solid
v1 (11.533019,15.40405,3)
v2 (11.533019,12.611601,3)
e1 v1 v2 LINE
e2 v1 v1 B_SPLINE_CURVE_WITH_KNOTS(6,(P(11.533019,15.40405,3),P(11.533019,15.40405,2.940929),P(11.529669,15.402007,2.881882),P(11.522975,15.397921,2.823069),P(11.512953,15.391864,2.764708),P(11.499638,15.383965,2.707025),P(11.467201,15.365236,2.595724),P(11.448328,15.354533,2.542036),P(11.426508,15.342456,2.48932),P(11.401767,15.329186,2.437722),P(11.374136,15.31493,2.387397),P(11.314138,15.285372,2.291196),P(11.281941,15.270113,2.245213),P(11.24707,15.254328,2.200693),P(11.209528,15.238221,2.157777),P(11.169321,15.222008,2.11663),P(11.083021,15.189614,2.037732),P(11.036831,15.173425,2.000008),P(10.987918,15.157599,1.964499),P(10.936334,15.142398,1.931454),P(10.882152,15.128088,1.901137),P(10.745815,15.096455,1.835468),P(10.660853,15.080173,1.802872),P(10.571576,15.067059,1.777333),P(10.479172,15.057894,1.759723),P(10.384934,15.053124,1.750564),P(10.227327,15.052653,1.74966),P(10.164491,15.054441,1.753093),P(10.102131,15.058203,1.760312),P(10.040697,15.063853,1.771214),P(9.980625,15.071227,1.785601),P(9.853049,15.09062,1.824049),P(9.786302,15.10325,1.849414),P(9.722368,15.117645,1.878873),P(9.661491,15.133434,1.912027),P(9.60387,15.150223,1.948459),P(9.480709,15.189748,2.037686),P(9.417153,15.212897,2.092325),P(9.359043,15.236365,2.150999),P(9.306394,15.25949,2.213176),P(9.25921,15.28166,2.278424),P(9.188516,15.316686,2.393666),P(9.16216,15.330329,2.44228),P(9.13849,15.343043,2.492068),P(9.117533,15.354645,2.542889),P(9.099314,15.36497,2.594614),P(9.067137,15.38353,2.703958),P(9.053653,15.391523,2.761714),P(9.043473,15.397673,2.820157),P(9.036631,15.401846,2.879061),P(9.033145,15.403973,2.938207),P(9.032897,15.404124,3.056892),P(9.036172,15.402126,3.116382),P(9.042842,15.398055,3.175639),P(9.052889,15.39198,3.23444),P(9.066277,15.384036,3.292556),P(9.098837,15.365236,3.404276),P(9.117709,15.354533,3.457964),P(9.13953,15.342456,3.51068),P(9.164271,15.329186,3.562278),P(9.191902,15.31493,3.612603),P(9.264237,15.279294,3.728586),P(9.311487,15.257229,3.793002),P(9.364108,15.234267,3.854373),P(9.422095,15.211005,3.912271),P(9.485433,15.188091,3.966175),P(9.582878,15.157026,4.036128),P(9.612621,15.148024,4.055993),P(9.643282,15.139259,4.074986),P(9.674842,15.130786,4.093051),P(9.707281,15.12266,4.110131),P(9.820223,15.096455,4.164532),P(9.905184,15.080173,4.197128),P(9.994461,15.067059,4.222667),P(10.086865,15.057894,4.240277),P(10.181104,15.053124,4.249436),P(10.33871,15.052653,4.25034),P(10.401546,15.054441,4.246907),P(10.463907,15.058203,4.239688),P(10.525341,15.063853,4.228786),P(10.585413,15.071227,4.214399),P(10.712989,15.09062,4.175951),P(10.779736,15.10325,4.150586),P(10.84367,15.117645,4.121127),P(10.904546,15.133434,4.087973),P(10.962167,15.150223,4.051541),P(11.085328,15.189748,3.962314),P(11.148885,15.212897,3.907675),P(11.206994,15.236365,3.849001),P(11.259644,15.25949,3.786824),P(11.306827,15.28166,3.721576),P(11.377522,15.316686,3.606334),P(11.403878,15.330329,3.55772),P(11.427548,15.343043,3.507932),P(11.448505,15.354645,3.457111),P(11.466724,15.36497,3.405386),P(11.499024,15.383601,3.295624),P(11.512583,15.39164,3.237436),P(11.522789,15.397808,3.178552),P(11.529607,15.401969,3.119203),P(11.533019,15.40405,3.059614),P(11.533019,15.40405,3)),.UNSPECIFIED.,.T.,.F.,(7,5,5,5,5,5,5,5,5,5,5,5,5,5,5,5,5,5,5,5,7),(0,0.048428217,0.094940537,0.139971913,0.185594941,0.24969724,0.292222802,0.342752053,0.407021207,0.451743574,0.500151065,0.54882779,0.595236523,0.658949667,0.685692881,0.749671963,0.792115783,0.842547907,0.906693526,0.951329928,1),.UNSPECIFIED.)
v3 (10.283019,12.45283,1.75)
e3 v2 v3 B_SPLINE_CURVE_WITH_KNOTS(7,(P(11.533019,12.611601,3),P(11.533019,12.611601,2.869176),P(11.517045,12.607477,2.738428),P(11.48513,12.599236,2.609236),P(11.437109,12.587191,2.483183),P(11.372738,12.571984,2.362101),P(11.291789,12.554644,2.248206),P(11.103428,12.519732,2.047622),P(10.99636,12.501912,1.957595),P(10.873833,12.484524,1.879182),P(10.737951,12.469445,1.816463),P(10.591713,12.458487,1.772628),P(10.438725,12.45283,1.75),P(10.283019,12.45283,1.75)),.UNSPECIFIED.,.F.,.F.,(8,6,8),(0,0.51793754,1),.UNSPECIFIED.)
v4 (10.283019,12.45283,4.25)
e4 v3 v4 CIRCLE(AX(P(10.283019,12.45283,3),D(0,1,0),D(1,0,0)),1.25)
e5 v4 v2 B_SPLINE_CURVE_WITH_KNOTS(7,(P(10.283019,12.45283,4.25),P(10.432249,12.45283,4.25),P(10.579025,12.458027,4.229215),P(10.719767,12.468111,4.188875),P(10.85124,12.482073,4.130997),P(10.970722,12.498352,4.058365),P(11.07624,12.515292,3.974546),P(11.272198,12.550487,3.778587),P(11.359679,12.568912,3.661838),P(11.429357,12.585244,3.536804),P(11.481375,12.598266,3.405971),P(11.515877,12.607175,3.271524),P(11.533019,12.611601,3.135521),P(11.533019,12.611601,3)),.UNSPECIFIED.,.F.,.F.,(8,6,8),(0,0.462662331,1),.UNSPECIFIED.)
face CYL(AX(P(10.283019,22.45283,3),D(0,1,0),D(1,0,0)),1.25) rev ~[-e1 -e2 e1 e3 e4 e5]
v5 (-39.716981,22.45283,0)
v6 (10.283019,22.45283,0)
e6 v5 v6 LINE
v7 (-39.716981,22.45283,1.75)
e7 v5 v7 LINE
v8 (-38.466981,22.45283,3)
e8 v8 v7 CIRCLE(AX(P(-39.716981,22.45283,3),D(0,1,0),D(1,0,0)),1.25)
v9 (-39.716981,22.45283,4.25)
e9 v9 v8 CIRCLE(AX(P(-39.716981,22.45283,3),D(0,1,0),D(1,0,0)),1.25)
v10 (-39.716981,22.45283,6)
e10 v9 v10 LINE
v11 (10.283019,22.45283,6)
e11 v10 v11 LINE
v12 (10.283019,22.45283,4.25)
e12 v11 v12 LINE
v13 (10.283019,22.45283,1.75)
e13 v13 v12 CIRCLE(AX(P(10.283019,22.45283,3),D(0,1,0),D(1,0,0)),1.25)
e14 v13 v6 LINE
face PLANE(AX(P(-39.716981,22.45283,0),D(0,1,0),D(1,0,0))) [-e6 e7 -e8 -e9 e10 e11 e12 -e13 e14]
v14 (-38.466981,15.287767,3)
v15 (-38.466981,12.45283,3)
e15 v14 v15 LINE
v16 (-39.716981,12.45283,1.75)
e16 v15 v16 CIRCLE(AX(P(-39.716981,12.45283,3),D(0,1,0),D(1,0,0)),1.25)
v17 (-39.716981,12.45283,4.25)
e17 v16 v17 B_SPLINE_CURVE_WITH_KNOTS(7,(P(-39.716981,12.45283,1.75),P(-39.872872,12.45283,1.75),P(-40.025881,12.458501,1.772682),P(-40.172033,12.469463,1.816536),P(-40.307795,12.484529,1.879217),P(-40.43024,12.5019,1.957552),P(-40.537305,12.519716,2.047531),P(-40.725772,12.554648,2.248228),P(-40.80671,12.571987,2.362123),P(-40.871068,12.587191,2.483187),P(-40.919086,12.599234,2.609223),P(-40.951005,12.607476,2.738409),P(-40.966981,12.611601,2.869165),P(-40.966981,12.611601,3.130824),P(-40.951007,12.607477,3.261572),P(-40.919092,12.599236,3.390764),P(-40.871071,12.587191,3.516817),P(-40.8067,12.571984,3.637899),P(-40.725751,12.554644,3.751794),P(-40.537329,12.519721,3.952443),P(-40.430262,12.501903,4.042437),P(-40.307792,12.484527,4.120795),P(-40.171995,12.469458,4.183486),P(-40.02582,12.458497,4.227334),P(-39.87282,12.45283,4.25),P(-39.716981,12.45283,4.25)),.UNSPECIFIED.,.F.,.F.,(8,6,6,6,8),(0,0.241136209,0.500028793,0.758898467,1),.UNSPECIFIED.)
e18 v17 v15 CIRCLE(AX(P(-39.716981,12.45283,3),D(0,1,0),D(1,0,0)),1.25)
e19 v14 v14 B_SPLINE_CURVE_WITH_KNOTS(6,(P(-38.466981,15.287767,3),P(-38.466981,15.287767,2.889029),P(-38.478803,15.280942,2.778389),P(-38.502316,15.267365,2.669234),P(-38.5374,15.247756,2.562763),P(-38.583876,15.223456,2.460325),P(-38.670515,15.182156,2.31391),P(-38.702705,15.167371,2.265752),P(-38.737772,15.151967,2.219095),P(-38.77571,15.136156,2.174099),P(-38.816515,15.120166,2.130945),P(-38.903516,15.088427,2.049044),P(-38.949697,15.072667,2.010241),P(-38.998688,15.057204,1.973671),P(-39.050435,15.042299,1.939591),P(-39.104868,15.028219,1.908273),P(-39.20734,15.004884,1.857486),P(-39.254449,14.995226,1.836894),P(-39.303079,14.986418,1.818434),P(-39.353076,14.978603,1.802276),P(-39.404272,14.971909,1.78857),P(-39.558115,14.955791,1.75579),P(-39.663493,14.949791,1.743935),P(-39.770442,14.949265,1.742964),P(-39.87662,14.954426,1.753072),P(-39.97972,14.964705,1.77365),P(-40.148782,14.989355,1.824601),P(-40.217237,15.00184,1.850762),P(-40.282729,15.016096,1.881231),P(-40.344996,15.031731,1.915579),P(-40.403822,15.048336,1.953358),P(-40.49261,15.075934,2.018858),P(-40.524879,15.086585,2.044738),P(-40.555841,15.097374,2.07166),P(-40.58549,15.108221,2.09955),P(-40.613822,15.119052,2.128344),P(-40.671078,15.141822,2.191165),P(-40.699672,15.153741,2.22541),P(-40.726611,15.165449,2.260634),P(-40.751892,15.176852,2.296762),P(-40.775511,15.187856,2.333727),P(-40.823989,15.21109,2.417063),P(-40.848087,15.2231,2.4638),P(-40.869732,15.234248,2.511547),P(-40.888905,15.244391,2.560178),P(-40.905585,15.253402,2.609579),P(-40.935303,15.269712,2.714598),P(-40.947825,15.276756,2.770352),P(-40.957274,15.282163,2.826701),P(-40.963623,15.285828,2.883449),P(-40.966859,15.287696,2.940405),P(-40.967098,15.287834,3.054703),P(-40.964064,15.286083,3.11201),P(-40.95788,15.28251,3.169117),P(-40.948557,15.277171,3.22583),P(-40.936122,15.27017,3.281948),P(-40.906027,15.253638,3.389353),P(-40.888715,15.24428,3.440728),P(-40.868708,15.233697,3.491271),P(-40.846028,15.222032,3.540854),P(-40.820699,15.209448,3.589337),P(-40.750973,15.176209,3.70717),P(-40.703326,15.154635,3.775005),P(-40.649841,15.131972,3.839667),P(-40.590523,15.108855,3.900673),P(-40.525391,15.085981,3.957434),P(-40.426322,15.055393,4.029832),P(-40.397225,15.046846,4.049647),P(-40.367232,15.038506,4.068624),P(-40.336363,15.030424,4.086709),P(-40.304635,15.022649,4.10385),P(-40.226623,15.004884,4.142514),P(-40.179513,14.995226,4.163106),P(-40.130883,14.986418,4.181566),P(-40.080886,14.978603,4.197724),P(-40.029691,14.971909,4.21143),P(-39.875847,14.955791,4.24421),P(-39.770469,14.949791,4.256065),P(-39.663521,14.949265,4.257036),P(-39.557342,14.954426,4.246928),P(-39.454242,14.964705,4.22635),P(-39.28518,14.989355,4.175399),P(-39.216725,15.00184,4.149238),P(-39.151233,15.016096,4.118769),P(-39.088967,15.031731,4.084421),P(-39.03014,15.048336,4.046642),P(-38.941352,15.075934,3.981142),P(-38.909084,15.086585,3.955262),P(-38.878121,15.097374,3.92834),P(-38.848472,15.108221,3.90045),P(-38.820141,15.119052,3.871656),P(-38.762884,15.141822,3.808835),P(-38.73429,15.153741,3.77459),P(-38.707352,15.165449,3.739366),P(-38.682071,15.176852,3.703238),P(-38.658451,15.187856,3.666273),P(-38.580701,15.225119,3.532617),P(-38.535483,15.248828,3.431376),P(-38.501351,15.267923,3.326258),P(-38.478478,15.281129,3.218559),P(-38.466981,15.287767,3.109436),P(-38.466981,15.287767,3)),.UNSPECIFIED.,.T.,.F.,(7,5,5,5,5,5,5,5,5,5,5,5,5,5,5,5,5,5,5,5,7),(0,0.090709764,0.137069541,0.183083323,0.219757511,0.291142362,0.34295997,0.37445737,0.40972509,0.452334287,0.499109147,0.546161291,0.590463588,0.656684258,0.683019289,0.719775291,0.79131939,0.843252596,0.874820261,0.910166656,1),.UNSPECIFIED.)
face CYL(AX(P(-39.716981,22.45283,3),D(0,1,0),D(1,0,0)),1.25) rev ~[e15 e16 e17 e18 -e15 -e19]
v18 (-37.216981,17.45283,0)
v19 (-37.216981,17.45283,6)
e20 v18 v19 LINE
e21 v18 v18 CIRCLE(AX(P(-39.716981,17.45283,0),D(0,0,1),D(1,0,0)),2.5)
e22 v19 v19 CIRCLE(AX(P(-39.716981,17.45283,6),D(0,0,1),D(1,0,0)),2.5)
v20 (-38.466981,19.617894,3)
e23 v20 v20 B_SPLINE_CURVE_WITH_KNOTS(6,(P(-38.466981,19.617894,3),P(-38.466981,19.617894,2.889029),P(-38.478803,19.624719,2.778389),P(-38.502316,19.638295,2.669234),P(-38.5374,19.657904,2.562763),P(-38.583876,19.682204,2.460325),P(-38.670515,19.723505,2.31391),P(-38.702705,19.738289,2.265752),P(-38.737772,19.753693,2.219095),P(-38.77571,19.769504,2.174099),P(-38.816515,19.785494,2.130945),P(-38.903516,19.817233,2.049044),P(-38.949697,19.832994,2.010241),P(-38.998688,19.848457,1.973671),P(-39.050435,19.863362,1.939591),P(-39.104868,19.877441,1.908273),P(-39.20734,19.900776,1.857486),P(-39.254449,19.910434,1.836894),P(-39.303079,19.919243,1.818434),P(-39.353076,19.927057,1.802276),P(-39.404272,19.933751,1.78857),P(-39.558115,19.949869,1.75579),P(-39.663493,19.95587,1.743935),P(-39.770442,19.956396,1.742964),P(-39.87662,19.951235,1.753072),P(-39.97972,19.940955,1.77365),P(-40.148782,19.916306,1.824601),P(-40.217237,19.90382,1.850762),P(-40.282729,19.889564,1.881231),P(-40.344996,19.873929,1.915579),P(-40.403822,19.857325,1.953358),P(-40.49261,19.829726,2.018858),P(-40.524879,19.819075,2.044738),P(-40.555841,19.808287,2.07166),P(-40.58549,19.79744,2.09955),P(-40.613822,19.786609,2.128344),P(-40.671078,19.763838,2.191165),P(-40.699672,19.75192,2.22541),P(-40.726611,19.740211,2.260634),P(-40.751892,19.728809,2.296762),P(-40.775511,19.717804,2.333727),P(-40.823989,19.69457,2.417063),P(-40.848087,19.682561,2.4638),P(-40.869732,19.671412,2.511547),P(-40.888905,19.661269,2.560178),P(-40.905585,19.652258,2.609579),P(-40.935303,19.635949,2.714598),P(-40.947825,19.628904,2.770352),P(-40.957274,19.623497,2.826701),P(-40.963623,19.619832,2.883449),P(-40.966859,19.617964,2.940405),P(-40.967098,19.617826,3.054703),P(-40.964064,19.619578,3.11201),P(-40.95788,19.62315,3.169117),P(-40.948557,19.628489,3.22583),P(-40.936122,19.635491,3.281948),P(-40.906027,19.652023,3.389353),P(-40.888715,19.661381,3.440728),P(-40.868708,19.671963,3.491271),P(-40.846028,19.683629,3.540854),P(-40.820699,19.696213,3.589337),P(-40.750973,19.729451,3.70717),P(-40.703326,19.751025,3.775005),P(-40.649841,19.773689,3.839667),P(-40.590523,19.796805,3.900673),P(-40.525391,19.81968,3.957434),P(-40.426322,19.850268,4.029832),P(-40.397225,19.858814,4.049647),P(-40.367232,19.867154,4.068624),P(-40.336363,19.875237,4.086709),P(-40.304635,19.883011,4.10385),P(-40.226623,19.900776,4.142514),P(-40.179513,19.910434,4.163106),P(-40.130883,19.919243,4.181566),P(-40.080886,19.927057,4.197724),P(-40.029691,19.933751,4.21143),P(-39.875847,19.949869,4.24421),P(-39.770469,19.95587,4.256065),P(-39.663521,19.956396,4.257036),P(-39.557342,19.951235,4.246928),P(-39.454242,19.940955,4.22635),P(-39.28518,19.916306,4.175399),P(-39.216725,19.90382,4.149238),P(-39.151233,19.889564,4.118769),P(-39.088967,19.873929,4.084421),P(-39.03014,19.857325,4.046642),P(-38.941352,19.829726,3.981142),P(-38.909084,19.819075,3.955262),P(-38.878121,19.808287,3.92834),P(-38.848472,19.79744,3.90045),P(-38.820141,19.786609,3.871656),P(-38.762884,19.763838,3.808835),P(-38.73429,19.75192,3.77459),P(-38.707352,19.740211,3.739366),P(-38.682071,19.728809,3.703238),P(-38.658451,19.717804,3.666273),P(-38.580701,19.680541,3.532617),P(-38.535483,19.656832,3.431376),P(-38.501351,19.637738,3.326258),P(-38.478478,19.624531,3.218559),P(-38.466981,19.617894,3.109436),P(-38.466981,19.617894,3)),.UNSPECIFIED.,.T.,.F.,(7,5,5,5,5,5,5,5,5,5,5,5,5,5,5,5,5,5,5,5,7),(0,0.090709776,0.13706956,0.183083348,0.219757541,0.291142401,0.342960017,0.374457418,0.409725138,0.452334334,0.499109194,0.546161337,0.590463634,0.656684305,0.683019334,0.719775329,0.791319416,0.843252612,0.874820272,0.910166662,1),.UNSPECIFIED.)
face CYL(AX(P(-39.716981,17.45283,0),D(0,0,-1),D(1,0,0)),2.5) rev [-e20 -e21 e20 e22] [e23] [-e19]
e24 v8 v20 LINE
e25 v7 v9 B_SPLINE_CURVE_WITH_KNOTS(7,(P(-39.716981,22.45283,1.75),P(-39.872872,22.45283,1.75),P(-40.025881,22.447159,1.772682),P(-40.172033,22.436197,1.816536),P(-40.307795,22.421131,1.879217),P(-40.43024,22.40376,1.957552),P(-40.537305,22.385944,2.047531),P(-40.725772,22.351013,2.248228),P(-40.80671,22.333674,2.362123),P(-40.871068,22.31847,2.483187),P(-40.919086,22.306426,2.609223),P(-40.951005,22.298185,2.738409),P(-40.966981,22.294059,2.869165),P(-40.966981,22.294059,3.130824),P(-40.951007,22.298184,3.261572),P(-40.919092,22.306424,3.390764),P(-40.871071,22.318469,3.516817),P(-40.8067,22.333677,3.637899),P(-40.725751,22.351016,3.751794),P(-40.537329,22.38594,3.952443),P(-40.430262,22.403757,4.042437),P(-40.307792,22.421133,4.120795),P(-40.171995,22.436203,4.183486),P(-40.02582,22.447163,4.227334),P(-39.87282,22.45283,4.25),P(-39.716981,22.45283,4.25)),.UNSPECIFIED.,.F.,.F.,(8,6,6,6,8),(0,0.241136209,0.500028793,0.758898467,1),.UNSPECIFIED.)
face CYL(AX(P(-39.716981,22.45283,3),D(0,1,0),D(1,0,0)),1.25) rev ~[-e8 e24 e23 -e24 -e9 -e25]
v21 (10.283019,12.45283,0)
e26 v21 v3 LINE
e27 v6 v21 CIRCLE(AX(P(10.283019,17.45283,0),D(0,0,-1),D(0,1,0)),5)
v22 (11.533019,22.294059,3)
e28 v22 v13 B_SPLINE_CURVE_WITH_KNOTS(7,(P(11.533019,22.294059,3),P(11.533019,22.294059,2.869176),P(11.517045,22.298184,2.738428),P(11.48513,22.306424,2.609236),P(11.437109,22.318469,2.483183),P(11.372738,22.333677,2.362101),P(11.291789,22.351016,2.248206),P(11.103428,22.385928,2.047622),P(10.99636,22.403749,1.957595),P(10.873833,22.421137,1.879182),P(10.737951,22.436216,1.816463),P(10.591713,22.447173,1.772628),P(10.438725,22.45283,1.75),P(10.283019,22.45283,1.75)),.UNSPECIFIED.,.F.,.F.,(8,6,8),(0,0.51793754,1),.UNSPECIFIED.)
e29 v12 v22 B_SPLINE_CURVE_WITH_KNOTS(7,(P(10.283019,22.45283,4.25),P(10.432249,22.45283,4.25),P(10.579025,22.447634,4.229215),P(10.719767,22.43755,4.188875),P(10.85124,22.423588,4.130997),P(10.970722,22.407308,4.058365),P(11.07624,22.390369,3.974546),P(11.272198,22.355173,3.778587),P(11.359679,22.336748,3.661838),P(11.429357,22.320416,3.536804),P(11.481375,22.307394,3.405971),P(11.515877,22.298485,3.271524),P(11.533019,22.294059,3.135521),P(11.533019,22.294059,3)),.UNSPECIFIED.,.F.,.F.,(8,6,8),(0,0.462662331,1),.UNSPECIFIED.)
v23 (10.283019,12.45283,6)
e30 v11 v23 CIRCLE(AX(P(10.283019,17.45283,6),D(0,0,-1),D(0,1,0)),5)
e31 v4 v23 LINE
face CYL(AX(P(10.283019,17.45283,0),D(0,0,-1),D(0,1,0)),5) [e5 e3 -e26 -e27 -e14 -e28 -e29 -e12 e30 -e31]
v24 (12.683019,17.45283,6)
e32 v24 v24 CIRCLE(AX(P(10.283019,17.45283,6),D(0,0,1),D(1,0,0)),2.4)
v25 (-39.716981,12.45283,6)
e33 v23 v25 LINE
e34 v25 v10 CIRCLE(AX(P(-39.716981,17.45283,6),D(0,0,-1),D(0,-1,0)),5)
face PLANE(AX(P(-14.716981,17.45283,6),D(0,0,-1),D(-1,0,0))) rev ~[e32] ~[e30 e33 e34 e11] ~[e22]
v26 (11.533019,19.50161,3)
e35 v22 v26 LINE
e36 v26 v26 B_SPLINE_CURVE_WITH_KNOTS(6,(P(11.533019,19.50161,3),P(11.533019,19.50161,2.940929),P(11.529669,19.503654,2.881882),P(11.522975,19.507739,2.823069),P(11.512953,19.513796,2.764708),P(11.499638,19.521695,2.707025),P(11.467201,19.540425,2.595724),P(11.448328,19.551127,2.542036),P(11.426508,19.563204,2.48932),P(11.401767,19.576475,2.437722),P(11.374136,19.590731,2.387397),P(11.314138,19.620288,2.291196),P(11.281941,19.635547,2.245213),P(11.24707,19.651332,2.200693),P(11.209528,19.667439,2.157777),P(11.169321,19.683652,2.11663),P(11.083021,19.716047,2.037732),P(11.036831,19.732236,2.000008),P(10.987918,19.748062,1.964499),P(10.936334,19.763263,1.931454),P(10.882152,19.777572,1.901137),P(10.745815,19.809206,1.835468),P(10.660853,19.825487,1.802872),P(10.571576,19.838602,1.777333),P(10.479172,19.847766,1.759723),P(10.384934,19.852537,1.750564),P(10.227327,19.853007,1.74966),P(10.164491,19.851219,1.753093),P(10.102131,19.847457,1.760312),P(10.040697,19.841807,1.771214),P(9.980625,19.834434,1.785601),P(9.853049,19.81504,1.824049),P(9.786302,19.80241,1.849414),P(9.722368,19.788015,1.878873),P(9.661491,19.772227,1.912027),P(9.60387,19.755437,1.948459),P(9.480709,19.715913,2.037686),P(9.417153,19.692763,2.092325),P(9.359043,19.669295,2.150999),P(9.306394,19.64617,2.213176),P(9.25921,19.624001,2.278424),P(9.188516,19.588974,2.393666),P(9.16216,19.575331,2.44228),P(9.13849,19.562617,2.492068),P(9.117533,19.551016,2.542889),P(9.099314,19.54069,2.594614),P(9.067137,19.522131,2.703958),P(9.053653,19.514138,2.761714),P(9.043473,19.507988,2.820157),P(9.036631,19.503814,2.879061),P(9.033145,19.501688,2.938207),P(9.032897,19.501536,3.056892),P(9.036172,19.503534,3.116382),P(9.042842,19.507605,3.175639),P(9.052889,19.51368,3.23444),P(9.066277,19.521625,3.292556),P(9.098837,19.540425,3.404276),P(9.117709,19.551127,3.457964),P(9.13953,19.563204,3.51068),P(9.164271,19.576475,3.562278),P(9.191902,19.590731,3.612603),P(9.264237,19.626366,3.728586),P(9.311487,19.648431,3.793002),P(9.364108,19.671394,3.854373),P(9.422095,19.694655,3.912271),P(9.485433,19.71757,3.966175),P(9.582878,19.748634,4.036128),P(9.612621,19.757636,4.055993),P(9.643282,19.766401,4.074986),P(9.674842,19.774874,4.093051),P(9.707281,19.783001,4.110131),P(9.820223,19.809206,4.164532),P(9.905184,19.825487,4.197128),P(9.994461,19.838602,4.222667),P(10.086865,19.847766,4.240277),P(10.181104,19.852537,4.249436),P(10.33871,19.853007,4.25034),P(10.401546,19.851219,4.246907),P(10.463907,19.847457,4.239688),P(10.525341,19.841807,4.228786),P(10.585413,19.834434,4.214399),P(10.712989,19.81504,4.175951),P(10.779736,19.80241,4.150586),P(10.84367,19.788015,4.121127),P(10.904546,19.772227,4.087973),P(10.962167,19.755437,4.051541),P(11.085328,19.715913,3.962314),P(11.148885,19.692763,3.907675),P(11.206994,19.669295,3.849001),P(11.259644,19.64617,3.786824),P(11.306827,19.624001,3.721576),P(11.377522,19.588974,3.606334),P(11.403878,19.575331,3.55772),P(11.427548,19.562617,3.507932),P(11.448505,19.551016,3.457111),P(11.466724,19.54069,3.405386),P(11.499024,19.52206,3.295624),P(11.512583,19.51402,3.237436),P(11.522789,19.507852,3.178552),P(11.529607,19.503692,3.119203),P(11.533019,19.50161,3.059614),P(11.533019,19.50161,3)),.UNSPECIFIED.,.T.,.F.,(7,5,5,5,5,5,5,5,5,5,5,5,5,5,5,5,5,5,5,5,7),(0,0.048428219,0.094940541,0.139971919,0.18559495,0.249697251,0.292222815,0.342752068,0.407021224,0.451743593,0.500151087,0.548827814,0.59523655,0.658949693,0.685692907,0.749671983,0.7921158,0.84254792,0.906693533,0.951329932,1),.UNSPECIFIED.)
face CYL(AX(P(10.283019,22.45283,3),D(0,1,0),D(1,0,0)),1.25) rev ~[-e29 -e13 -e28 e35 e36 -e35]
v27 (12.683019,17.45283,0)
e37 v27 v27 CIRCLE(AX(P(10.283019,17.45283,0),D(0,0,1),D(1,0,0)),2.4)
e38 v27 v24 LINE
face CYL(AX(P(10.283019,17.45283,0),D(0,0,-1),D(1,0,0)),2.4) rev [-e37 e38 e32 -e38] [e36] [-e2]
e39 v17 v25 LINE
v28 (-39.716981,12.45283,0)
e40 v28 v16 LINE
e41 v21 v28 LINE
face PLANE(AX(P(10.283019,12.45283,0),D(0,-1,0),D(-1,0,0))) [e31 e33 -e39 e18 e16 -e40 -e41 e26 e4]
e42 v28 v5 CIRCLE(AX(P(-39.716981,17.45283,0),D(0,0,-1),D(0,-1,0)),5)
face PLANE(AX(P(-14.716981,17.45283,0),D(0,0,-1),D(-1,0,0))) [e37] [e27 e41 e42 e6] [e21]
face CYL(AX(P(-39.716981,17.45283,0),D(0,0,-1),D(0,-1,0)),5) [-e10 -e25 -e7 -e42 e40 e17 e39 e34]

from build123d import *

# Parameters (mm, degrees)
SKETCH1_R               = 2.4
SKETCH1_R_2             = 2.5
BOSS_EXTRUDE1_DEPTH     = 6
SKETCH2_R               = 1.25
CUT_EXTRUDE1_DEPTH      = 1
CUT_EXTRUDE1_DEPTH_BACK = 11


with BuildPart() as part:
    # Sketch1 → Boss-Extrude1 (new body)
    with BuildSketch(Plane.XY):
        with BuildLine():
            Line((-39.716981132, 22.452830189), (10.283018868, 22.452830189))
            ThreePointArc((10.283018868, 22.452830189), (15.283018868, 17.452830189), (10.283018868, 12.452830189))
            Line((10.283018868, 12.452830189), (-39.716981132, 12.452830189))
            ThreePointArc((-39.716981132, 12.452830189), (-44.716981132, 17.452830189), (-39.716981132, 22.452830189))
        make_face()
        with Locations((10.283018868, 17.452830189)):
            Circle(SKETCH1_R, mode=Mode.SUBTRACT)
        with Locations((-39.716981132, 17.452830189)):
            Circle(SKETCH1_R_2, mode=Mode.SUBTRACT)
    extrude(amount=BOSS_EXTRUDE1_DEPTH)

    # Sketch2 → Cut-Extrude1 (cut, two sides)
    with BuildSketch(Plane(origin=(0, 22.452830189, 0), x_dir=(1, 0, 0), z_dir=(0, 1, 0))) as cut_extrude1_sk:
        with Locations((-39.716981132, -3)):
            Circle(SKETCH2_R)
        with Locations((10.283018868, -3)):
            Circle(SKETCH2_R)
    extrude(amount=CUT_EXTRUDE1_DEPTH, mode=Mode.SUBTRACT)
    extrude(cut_extrude1_sk.sketch, amount=-CUT_EXTRUDE1_DEPTH_BACK, mode=Mode.SUBTRACT)


solid = part.part
